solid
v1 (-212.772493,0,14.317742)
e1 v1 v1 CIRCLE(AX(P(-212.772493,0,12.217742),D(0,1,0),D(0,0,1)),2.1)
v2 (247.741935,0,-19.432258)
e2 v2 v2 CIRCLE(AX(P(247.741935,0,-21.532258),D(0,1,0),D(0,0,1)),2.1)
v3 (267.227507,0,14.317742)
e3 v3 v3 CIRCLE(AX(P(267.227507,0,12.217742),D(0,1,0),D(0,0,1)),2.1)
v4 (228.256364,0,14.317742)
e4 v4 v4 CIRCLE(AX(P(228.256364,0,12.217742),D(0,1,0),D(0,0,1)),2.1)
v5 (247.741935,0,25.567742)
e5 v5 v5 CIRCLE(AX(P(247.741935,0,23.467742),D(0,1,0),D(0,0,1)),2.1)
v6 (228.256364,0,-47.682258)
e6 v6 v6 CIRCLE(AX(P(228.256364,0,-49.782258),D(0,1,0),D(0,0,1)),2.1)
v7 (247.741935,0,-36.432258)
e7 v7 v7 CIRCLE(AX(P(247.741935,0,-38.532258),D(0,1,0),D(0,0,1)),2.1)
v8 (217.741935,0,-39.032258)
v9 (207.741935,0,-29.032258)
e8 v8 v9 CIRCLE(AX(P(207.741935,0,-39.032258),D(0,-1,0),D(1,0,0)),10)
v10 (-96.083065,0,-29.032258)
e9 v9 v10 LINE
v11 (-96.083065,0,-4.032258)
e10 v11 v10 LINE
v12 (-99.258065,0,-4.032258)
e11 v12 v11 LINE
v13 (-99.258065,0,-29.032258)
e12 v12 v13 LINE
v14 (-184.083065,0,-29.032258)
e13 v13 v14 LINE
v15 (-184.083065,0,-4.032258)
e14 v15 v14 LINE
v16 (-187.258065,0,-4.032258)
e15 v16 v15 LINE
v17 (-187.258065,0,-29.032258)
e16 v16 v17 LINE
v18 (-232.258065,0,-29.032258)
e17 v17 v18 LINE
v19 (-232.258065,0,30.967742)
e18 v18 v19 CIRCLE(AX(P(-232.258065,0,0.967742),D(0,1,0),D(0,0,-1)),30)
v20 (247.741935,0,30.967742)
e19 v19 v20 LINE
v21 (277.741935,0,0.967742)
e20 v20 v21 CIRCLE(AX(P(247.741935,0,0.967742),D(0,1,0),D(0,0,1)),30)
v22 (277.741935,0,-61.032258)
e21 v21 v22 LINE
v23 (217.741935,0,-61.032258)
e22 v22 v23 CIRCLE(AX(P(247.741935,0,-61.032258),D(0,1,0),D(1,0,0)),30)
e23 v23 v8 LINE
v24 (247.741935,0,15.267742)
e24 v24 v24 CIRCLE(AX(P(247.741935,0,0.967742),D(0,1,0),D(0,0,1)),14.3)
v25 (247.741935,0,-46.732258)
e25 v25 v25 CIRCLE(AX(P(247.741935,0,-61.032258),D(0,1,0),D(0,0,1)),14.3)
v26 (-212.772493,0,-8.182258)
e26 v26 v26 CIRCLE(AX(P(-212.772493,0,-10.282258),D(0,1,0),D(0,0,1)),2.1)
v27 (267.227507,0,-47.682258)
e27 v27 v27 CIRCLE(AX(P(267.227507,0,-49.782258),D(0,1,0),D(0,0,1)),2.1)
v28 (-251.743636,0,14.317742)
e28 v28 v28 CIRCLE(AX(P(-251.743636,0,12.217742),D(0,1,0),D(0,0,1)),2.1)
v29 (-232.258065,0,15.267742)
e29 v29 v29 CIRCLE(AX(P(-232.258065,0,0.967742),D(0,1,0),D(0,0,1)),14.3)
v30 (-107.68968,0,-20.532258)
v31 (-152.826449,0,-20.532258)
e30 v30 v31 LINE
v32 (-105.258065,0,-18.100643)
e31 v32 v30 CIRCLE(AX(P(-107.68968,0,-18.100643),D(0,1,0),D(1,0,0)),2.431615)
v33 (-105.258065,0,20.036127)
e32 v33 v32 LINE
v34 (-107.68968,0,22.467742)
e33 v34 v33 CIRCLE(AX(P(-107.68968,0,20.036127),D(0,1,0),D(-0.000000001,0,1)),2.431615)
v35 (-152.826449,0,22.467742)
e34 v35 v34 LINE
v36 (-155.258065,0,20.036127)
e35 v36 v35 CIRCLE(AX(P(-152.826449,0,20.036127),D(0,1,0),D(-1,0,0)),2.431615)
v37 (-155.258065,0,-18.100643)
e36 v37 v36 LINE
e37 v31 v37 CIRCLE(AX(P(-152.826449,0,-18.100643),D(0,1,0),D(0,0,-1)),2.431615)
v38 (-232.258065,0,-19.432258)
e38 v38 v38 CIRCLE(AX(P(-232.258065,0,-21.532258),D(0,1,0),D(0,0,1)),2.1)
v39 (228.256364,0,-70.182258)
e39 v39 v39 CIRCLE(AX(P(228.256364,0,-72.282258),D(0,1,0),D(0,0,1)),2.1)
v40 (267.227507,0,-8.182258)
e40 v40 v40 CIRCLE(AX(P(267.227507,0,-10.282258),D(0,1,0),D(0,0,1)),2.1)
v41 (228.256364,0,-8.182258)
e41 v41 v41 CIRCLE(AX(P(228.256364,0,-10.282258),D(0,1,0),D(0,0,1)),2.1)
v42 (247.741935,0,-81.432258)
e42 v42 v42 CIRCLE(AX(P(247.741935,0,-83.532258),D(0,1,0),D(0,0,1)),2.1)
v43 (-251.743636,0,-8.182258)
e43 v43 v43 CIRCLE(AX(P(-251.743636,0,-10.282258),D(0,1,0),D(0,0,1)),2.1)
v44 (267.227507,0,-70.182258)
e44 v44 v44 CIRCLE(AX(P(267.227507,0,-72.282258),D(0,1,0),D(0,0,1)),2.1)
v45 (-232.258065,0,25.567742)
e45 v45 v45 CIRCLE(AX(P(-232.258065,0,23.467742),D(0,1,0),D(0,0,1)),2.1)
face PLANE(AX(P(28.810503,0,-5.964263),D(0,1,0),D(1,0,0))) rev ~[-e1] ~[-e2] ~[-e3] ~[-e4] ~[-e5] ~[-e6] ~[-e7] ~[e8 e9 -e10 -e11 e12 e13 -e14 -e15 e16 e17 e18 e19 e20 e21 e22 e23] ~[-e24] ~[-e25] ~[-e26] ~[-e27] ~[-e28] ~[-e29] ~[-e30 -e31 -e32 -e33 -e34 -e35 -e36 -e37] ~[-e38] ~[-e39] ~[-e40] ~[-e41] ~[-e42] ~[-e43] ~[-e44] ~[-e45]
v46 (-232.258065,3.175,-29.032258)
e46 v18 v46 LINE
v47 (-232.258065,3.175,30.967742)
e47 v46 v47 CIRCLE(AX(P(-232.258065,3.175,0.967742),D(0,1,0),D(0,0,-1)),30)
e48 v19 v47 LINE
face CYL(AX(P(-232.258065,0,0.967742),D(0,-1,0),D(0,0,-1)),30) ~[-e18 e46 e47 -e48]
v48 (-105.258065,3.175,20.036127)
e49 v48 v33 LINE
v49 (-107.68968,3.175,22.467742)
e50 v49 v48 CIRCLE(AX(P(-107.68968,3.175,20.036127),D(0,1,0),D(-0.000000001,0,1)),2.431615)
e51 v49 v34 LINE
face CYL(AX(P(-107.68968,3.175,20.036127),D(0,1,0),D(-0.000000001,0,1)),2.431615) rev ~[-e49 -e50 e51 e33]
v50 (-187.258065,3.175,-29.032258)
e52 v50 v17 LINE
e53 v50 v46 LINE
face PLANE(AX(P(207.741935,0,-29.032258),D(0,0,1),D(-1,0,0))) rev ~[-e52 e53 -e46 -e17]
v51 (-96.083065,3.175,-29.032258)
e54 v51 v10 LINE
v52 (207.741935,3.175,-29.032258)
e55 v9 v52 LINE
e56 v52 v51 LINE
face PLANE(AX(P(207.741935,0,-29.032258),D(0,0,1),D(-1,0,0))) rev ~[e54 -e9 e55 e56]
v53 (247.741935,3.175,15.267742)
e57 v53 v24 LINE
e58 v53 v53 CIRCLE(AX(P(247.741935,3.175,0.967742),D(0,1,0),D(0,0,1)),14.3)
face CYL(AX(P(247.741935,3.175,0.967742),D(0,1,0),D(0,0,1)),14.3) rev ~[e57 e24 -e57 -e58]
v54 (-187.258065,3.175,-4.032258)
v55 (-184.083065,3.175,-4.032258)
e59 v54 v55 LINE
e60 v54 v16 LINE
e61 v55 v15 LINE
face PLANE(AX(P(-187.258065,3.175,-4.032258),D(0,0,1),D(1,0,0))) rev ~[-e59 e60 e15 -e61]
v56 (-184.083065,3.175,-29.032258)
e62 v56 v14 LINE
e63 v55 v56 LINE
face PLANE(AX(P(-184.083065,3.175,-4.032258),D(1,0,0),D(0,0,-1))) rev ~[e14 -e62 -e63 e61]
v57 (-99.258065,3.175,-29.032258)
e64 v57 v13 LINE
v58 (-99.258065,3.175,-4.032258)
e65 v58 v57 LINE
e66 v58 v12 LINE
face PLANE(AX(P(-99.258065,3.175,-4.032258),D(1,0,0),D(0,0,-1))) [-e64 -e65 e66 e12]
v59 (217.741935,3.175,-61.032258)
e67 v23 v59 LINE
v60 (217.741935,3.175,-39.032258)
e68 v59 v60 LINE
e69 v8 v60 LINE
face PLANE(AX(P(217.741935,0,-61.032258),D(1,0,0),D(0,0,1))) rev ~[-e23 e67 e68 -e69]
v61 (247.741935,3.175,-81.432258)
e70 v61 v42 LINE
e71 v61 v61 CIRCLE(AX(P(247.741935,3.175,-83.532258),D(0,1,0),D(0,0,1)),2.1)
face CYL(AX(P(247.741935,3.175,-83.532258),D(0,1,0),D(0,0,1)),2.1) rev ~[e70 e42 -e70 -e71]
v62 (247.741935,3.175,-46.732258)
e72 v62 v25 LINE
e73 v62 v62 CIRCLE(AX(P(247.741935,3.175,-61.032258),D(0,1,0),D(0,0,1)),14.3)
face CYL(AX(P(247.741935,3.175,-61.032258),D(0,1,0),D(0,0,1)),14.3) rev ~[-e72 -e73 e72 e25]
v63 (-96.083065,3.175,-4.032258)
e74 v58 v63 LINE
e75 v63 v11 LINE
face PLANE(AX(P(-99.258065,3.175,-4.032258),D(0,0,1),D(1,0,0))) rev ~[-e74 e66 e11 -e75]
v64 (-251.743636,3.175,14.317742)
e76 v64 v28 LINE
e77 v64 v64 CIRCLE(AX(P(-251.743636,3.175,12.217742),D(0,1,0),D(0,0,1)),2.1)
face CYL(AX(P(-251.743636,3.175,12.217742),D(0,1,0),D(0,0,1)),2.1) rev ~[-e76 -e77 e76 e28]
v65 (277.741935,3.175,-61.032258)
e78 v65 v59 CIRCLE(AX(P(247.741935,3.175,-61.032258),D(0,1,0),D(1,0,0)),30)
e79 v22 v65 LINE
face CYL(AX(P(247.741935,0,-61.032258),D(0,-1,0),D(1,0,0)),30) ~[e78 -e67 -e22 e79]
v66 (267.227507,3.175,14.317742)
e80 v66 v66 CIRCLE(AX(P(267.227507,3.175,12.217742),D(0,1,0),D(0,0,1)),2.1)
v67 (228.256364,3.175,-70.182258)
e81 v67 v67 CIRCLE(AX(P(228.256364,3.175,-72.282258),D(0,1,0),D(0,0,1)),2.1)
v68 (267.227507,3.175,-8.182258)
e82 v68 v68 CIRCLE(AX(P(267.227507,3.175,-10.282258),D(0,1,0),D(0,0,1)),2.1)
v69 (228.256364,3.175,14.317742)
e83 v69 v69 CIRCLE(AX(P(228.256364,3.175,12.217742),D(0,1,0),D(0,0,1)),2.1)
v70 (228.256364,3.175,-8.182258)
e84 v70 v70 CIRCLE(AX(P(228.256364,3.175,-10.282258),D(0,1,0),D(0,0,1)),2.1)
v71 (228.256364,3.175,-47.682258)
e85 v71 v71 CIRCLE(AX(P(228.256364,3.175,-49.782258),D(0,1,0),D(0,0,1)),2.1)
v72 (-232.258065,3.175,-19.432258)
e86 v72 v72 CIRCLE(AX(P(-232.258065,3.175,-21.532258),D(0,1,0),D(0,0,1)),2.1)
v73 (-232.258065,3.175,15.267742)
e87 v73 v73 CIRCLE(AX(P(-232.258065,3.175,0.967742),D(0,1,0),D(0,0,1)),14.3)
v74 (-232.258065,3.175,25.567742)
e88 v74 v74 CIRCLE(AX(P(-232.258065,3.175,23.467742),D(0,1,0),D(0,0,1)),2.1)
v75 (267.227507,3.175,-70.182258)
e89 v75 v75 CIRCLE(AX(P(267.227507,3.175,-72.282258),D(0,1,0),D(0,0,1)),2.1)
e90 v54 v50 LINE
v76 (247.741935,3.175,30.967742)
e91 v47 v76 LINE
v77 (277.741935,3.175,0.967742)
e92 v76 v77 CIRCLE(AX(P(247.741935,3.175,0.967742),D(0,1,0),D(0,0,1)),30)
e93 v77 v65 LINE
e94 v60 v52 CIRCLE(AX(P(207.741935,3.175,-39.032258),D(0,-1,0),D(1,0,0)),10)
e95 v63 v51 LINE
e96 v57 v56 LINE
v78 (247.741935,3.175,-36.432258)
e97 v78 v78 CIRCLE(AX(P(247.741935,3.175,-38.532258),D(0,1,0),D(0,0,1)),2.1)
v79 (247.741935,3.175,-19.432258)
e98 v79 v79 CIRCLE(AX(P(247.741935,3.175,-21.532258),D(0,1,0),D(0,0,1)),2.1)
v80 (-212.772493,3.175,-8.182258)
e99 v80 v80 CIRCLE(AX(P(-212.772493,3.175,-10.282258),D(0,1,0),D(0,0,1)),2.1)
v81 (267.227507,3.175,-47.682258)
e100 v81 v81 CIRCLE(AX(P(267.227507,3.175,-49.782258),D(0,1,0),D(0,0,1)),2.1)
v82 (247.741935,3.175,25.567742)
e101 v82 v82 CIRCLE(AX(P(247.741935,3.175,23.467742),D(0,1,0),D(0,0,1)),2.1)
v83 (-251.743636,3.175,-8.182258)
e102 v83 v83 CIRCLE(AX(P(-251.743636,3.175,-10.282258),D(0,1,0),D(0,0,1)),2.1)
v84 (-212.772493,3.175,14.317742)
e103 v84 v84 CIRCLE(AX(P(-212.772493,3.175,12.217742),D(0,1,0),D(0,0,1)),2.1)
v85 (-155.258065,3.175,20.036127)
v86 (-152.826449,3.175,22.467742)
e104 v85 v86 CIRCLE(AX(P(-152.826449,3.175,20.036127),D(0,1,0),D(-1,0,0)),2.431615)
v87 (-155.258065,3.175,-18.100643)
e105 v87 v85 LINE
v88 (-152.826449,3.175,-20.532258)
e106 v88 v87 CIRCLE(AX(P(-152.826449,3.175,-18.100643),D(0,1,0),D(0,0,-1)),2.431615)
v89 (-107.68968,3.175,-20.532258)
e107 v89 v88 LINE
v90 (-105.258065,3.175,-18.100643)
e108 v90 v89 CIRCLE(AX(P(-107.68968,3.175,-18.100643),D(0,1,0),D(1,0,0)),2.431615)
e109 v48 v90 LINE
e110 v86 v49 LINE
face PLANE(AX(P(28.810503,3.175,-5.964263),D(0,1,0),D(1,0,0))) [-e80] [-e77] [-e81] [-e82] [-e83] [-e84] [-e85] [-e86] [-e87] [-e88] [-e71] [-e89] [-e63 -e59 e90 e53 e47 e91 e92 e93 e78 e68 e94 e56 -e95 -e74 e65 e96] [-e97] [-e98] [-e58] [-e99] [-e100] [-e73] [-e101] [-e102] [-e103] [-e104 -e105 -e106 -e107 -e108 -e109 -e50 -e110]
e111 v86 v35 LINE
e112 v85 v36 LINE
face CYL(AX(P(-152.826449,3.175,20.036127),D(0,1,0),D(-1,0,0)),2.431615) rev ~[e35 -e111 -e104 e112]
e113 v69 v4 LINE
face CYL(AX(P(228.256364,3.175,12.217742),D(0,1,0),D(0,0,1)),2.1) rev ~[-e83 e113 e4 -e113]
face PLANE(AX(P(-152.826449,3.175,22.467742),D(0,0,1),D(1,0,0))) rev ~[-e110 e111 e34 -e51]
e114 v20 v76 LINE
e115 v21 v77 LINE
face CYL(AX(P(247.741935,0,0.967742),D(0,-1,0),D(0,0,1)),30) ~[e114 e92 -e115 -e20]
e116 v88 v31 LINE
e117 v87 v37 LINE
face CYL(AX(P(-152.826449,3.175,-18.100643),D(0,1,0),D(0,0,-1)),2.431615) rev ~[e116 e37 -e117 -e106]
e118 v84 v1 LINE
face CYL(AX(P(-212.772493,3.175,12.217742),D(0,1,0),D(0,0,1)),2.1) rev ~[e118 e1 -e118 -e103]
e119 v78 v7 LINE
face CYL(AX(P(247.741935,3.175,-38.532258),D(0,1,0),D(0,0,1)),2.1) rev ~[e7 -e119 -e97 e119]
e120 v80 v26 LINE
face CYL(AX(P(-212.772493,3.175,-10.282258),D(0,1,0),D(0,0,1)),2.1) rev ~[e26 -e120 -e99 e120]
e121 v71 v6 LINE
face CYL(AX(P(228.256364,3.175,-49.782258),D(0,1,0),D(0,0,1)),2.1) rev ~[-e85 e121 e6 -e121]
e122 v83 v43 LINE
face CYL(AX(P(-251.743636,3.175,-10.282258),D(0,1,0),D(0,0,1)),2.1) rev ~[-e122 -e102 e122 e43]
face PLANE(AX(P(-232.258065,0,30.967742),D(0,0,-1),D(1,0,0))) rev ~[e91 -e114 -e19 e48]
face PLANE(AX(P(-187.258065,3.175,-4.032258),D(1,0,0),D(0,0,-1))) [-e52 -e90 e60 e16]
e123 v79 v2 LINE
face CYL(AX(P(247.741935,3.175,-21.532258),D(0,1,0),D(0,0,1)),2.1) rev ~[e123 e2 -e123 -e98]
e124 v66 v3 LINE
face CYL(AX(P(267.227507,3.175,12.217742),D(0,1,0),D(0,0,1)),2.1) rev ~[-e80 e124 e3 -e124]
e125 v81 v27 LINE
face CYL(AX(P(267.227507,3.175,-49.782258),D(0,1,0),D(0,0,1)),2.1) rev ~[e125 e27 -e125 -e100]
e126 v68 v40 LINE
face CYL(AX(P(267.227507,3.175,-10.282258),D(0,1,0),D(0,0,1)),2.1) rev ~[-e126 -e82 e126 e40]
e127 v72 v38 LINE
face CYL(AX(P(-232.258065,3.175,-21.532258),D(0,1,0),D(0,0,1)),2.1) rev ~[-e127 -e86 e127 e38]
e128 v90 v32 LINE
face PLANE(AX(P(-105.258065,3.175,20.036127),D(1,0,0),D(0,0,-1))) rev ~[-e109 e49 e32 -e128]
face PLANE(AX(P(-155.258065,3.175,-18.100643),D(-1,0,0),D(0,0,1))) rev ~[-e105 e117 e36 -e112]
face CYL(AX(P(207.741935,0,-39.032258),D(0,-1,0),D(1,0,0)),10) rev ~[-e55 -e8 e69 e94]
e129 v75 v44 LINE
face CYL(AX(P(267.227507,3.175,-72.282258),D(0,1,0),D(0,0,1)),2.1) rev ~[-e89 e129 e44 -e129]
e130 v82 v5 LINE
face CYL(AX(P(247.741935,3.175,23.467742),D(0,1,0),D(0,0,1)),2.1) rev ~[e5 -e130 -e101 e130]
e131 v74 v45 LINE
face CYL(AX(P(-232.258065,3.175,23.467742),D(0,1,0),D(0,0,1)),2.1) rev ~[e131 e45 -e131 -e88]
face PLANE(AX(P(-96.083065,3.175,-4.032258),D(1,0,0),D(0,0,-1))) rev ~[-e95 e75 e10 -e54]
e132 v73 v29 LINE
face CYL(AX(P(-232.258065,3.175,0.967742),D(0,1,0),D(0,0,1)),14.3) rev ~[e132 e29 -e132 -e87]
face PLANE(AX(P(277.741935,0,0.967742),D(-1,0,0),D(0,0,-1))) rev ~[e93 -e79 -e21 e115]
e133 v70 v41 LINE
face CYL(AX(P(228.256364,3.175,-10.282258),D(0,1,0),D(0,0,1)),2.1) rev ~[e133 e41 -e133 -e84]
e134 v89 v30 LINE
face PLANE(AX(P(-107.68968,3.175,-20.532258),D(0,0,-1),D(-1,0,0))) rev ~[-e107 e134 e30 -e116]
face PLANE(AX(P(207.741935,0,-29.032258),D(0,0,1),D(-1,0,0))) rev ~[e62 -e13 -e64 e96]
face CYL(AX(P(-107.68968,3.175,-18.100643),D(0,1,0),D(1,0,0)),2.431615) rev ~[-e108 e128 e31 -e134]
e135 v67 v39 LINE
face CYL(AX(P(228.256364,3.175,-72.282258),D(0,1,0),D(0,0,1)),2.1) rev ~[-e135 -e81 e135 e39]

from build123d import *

# Parameters (mm, degrees)
BOSS_EXTRUDE1_DEPTH = 3.175
SKETCH2_R           = 14.3
CUT_EXTRUDE1_DEPTH  = 293.296998547
SKETCH4_R           = 2.1
CUT_EXTRUDE2_DEPTH  = 293.296998547
SKETCH6_W           = 3.175
SKETCH6_H           = 25
CUT_EXTRUDE3_DEPTH  = 10
CUT_EXTRUDE6_DEPTH  = 10
SKETCH10_W          = 3.175
SKETCH10_H          = 25
CUT_EXTRUDE7_DEPTH  = 6.35


with BuildPart() as part:
    # Sketch1 → Boss-Extrude1 (new body)
    with BuildSketch(Plane(origin=(0, 0, 0), x_dir=(1, 0, 0), z_dir=(0, 1, 0))):
        with BuildLine():
            Line((277.741935484, -0.967741935), (277.741935484, 61.032258065))
            ThreePointArc((277.741935484, 61.032258065), (247.741935484, 91.032258065), (217.741935484, 61.032258065))
            Line((217.741935484, 61.032258065), (217.741935484, 39.032258065))
            ThreePointArc((217.741935484, 39.032258065), (214.813003296, 31.961190253), (207.741935484, 29.032258065))
            Line((207.741935484, 29.032258065), (-232.258064516, 29.032258065))
            ThreePointArc((-232.258064516, 29.032258065), (-262.258064516, -0.967741935), (-232.258064516, -30.967741935))
            Line((-232.258064516, -30.967741935), (247.741935484, -30.967741935))
            ThreePointArc((247.741935484, -30.967741935), (268.955138919, -22.180945371), (277.741935484, -0.967741935))
        make_face()
    extrude(amount=BOSS_EXTRUDE1_DEPTH)

    # Sketch2 → Cut-Extrude1 (cut, through all)
    with BuildSketch(Plane(origin=(0, 3.175, 0), x_dir=(1, 0, 0), z_dir=(0, 1, 0))):
        with Locations(Location((-232.258064516, -0.967741935, 0), (0, 0, 270))):
            Circle(SKETCH2_R)
        with Locations(Location((247.741935484, -0.967741935, 0), (0, 0, 270))):
            Circle(SKETCH2_R)
        with Locations(Location((247.741935484, 61.032258065, 0), (0, 0, 270))):
            Circle(SKETCH2_R)
    extrude(amount=-CUT_EXTRUDE1_DEPTH, mode=Mode.SUBTRACT)

    # Sketch4 → Cut-Extrude2 (cut, through all)
    with BuildSketch(Plane(origin=(0, 3.175, 0), x_dir=(1, 0, 0), z_dir=(0, 1, 0))):
        with Locations(Location((-232.258064516, 21.532258065, 0), (0, 0, 270))):
            Circle(SKETCH4_R)
        with Locations(Location((-212.772492931, 10.282258065, 0), (0, 0, 270))):
            Circle(SKETCH4_R)
        with Locations(Location((-212.772492931, -12.217741935, 0), (0, 0, 270))):
            Circle(SKETCH4_R)
        with Locations(Location((-232.258064516, -23.467741935, 0), (0, 0, 270))):
            Circle(SKETCH4_R)
        with Locations(Location((247.741935484, 83.532258065, 0), (0, 0, 270))):
            Circle(SKETCH4_R)
        with Locations(Location((247.741935484, 21.532258065, 0), (0, 0, 270))):
            Circle(SKETCH4_R)
        with Locations(Location((267.227507069, 72.282258065, 0), (0, 0, 270))):
            Circle(SKETCH4_R)
        with Locations(Location((267.227507069, 49.782258065, 0), (0, 0, 270))):
            Circle(SKETCH4_R)
        with Locations(Location((247.741935484, 38.532258065, 0), (0, 0, 270))):
            Circle(SKETCH4_R)
        with Locations(Location((267.227507069, 10.282258065, 0), (0, 0, 270))):
            Circle(SKETCH4_R)
        with Locations(Location((267.227507069, -12.217741935, 0), (0, 0, 270))):
            Circle(SKETCH4_R)
        with Locations(Location((247.741935484, -23.467741935, 0), (0, 0, 270))):
            Circle(SKETCH4_R)
        with Locations(Location((-251.743636101, -12.217741935, 0), (0, 0, 270))):
            Circle(SKETCH4_R)
        with Locations(Location((-251.743636101, 10.282258065, 0), (0, 0, 270))):
            Circle(SKETCH4_R)
        with Locations(Location((228.256363899, -12.217741935, 0), (0, 0, 270))):
            Circle(SKETCH4_R)
        with Locations(Location((228.256363899, 10.282258065, 0), (0, 0, 270))):
            Circle(SKETCH4_R)
        with Locations(Location((228.256363899, 49.782258065, 0), (0, 0, 270))):
            Circle(SKETCH4_R)
        with Locations(Location((228.256363899, 72.282258065, 0), (0, 0, 270))):
            Circle(SKETCH4_R)
    extrude(amount=-CUT_EXTRUDE2_DEPTH, mode=Mode.SUBTRACT)

    # Sketch6 → Cut-Extrude3 (cut)
    with BuildSketch(Plane(origin=(0, 3.175, 0), x_dir=(1, 0, 0), z_dir=(0, 1, 0))):
        with Locations((-185.670564516, 16.532258065)):
            Rectangle(SKETCH6_W, SKETCH6_H)
    extrude(amount=-CUT_EXTRUDE3_DEPTH, mode=Mode.SUBTRACT)

    # Sketch9 → Cut-Extrude6 (cut)
    with BuildSketch(Plane(origin=(0, 3.175, 0), x_dir=(1, 0, 0), z_dir=(0, 1, 0))):
        with BuildLine():
            Line((-148.258064516, -22.467741935), (-107.689679667, -22.467741935))
            ThreePointArc((-107.689679667, -22.467741935), (-105.970268104, -21.755538347), (-105.258064516, -20.036126785))
            Line((-105.258064516, -20.036126785), (-105.258064516, 18.100642914))
            ThreePointArc((-105.258064516, 18.100642914), (-105.970268104, 19.820054476), (-107.689679667, 20.532258065))
            Line((-107.689679667, 20.532258065), (-148.258064516, 20.532258065))
            Line((-148.258064516, 20.532258065), (-152.826449366, 20.532258065))
            ThreePointArc((-152.826449366, 20.532258065), (-154.545860928, 19.820054476), (-155.258064516, 18.100642914))
            Line((-155.258064516, 18.100642914), (-155.258064516, -20.036126785))
            ThreePointArc((-155.258064516, -20.036126785), (-154.545860928, -21.755538347), (-152.826449366, -22.467741935))
            Line((-152.826449366, -22.467741935), (-148.258064516, -22.467741935))
        make_face()
    extrude(amount=-CUT_EXTRUDE6_DEPTH, mode=Mode.SUBTRACT)

    # Sketch10 → Cut-Extrude7 (cut)
    with BuildSketch(Plane(origin=(0, 3.175, 0), x_dir=(1, 0, 0), z_dir=(0, 1, 0))):
        with Locations((-97.670564516, 16.532258065)):
            Rectangle(SKETCH10_W, SKETCH10_H)
    extrude(amount=-CUT_EXTRUDE7_DEPTH, mode=Mode.SUBTRACT)


solid = part.part
